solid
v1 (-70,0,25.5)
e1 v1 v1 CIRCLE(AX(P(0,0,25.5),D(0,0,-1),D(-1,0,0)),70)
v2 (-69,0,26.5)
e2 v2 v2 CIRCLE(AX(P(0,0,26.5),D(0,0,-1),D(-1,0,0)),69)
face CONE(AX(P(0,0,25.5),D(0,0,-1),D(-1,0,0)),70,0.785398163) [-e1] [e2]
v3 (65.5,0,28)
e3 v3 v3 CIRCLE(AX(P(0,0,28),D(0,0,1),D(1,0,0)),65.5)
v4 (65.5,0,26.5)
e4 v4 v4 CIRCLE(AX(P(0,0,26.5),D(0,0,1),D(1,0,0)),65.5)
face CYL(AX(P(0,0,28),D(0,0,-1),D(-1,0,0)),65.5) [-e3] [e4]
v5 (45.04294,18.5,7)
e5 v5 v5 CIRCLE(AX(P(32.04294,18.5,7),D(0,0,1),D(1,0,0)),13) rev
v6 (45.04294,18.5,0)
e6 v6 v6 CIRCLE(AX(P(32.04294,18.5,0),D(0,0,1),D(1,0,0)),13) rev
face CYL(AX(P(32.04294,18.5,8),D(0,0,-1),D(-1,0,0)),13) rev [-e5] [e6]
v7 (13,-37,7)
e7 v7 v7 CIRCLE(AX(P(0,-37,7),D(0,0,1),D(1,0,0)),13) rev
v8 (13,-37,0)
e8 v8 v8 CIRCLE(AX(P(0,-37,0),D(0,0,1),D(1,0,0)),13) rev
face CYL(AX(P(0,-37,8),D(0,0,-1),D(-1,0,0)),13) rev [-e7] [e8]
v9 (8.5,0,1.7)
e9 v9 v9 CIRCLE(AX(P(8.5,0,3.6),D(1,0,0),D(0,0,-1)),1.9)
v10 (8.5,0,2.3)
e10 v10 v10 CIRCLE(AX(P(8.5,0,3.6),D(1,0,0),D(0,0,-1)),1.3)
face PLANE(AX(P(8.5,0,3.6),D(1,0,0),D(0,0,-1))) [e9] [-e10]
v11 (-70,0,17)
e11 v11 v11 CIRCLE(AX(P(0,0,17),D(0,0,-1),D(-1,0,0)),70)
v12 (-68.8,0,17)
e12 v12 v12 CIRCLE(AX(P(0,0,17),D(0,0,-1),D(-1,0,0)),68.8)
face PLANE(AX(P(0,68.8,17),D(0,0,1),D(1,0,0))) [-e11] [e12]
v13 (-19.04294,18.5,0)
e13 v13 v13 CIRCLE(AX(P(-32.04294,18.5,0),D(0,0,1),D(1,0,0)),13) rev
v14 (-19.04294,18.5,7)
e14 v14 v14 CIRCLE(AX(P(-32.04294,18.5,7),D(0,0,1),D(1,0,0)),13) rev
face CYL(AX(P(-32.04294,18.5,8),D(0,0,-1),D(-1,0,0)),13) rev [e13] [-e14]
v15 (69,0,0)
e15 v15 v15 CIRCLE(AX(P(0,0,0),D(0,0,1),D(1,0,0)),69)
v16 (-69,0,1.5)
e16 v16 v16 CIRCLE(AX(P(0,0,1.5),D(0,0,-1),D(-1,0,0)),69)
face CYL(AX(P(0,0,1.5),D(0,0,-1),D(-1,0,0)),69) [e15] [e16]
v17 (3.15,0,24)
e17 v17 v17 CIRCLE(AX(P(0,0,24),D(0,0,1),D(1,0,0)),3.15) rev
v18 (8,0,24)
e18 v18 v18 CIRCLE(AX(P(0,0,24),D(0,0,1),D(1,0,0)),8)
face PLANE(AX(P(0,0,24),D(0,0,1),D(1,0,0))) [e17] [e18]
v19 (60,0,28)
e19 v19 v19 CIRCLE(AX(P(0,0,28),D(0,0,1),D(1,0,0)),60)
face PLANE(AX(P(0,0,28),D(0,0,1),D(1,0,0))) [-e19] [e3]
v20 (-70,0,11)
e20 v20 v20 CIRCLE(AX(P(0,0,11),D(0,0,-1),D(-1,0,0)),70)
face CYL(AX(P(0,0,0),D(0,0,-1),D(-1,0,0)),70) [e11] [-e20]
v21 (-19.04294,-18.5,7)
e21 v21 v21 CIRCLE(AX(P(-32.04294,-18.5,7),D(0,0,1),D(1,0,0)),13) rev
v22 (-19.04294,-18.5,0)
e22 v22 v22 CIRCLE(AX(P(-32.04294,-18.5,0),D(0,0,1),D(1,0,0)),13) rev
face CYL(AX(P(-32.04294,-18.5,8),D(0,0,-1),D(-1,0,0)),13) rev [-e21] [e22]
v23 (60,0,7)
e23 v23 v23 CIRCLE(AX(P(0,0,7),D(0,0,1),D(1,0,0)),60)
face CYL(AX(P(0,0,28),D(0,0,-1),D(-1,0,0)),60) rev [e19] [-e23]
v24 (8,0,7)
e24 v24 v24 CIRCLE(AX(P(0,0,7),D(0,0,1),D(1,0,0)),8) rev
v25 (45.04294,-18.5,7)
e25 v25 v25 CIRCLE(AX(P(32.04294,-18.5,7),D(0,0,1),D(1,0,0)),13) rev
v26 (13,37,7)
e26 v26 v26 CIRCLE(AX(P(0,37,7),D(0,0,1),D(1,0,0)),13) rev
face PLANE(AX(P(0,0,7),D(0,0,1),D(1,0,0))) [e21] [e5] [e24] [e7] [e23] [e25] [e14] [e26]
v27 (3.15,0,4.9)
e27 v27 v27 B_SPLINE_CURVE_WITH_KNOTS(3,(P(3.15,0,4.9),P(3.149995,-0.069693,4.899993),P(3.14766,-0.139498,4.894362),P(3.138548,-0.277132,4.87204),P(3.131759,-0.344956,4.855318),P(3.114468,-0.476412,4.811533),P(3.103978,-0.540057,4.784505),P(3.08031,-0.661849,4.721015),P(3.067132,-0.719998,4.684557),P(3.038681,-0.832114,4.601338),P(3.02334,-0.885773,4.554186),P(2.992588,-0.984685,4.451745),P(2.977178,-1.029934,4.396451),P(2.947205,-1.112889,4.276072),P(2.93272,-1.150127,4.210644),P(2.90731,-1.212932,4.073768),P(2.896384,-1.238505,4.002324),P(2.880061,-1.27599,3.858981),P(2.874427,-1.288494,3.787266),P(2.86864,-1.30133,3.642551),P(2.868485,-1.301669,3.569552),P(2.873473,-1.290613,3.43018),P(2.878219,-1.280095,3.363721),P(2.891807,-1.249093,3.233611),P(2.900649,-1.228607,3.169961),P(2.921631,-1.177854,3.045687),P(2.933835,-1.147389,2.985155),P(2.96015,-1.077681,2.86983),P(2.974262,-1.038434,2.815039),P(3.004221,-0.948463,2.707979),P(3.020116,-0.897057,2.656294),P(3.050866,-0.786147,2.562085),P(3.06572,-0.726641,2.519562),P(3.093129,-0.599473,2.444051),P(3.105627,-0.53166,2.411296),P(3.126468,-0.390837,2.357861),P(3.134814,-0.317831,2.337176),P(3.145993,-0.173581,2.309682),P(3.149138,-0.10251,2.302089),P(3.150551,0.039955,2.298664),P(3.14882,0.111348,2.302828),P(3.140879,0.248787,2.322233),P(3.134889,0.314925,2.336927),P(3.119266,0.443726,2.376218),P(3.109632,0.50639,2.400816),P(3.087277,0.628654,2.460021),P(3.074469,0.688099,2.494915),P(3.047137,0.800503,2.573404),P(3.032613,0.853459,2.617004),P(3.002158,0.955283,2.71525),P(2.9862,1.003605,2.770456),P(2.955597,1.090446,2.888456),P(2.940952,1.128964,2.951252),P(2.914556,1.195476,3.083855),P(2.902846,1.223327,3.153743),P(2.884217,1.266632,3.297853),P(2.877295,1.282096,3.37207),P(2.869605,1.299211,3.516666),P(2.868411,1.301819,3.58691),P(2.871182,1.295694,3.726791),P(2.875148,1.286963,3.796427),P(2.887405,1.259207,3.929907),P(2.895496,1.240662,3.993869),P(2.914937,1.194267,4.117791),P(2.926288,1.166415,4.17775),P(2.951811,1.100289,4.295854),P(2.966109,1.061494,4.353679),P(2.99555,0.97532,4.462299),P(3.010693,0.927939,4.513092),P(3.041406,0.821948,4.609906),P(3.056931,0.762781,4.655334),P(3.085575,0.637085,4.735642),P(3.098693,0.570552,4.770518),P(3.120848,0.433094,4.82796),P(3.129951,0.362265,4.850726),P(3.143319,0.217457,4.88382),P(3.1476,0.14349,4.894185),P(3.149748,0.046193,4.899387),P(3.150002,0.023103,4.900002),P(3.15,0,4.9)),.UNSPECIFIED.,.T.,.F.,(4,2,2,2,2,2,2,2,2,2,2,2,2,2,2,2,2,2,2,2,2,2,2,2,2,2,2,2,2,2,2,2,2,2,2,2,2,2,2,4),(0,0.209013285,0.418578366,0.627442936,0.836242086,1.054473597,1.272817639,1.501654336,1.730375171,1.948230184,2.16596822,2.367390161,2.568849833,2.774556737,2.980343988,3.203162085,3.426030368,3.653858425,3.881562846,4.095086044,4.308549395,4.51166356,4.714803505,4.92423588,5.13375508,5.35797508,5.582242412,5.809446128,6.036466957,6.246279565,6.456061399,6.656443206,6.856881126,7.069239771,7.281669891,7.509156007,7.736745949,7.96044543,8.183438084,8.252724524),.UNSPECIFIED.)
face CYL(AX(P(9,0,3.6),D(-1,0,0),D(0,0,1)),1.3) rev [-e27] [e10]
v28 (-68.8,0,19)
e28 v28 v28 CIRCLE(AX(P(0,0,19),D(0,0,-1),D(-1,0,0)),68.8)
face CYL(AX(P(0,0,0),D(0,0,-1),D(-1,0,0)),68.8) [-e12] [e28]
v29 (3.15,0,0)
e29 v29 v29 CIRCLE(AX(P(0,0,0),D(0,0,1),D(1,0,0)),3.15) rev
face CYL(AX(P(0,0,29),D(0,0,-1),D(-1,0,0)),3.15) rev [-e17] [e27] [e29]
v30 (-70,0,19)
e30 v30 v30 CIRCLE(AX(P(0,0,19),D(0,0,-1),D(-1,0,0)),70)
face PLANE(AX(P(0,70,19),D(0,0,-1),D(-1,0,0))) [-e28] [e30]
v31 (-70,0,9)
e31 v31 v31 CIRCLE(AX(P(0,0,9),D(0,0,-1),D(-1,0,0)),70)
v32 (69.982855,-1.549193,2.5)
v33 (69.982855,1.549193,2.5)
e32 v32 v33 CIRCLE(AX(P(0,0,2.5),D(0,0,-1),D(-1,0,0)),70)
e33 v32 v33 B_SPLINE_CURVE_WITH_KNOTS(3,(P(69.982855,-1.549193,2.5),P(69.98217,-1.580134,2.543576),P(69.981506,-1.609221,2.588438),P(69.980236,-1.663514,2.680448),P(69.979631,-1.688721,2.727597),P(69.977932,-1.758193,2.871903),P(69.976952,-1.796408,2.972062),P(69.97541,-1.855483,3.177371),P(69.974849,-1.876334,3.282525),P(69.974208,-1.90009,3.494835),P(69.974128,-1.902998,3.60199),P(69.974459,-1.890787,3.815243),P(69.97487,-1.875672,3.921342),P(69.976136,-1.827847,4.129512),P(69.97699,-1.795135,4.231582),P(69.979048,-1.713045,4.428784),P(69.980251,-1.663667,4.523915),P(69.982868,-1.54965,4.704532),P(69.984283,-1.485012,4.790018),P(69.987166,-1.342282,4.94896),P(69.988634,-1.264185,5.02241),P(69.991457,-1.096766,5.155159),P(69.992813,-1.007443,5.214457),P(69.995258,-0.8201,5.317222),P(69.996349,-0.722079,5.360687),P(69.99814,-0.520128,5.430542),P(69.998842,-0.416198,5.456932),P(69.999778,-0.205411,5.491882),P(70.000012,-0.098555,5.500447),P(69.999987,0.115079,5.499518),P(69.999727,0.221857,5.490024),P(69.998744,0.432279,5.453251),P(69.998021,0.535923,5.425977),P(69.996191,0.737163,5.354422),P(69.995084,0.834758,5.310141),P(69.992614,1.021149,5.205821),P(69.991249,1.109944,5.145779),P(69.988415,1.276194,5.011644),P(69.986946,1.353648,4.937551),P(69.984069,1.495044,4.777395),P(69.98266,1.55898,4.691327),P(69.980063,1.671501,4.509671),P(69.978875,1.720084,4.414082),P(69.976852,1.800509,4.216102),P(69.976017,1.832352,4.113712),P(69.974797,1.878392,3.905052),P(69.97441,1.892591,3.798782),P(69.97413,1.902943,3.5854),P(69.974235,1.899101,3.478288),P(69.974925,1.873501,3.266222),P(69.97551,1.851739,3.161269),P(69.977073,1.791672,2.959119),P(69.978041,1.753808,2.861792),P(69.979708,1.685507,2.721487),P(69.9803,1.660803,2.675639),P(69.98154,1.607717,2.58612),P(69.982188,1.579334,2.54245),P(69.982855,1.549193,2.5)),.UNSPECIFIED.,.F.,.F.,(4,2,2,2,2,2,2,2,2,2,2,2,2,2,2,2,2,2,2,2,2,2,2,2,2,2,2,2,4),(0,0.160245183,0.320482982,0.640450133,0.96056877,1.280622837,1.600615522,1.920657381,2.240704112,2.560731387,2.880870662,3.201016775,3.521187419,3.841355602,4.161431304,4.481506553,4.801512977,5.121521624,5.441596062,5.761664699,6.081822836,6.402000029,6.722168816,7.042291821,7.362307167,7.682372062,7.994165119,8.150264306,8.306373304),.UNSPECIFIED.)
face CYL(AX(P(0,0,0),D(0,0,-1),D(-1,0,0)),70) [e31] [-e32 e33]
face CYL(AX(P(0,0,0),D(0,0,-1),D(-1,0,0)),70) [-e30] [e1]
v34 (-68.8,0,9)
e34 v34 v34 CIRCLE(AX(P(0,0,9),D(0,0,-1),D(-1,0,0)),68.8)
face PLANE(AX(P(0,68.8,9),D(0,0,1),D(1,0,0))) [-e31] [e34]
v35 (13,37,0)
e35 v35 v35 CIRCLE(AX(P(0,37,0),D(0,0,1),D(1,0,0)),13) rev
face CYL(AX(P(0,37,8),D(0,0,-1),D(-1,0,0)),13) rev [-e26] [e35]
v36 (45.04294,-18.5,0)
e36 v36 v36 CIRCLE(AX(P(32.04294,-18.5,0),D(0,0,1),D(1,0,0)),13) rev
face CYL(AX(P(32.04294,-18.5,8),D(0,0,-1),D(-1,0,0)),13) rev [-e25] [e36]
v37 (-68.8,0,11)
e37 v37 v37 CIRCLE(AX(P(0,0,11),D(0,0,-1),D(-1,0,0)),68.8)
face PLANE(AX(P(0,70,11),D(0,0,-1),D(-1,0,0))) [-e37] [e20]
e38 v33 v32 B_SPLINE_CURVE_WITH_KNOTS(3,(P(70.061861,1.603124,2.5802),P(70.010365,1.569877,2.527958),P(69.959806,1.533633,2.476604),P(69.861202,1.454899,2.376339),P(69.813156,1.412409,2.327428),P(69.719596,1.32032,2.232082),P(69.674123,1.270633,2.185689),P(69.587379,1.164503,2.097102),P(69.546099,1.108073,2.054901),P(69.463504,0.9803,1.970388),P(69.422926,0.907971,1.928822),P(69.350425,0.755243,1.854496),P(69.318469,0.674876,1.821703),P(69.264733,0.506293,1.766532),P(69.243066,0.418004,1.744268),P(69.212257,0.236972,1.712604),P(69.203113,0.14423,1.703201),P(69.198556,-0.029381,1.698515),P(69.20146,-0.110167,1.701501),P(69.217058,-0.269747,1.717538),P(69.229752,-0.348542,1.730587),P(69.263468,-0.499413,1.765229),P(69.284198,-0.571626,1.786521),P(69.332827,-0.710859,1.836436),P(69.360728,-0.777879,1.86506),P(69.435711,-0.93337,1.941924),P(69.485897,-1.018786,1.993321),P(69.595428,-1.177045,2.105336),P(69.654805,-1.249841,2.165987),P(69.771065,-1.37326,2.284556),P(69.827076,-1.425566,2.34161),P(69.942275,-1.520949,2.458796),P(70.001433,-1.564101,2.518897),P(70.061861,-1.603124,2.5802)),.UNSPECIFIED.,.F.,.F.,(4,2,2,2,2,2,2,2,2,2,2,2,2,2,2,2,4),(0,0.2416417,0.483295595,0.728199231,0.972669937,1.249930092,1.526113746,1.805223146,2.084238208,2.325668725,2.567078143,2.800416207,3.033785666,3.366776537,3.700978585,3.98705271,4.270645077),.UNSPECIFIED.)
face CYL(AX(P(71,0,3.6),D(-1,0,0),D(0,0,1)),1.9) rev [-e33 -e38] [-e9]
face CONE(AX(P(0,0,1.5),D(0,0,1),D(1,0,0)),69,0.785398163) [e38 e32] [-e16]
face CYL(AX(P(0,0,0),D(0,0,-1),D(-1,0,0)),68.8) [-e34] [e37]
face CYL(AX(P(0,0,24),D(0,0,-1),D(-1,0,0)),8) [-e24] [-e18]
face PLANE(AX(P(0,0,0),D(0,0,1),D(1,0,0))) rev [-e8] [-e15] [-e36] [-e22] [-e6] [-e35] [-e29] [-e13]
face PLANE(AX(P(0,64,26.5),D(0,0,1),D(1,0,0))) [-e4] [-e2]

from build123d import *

# Parameters (mm, degrees)
SKETCH1_R              = 64
SKETCH1_R_2            = 60
RIM_DEPTH              = 28
SKETCH2_R              = 65.5
SKETCH2_R_2            = 63
INNER_BEAD_LIP_DEPTH   = 1.5
SKETCH3_R              = 65.5
SKETCH3_R_2            = 63
OUTER_BEAD_LIP_DEPTH   = 1.5
SKETCH4_R              = 61
WEB_DEPTH              = 7
SKETCH5_R              = 8
HUB_BOSS_DEPTH         = 24
SKETCH6_R              = 13
LIGHTENING_HOLES_DEPTH = 9
SKETCH7_R              = 3.15
ROUND_BORE_6MM_DEPTH   = 30
SKETCH9_R              = 69
SKETCH9_R_2            = 64
BED_RING_DEPTH         = 1.5
SKETCH10_R             = 1.3
GRUB_SCREW_M3_DEPTH    = 9
SKETCH11_R             = 1.9
GRUB_KEY_ACCESS_DEPTH  = 62.5


with BuildPart() as part:
    # Sketch1 → Rim (new body)
    with BuildSketch(Plane.XY):
        Circle(SKETCH1_R)
        Circle(SKETCH1_R_2, mode=Mode.SUBTRACT)
    extrude(amount=RIM_DEPTH)

    # Sketch2 → Inner_bead_lip (add)
    with BuildSketch(Plane.XY):
        Circle(SKETCH2_R)
        Circle(SKETCH2_R_2, mode=Mode.SUBTRACT)
    extrude(amount=INNER_BEAD_LIP_DEPTH)

    # Sketch3 → Outer_bead_lip (add)
    with BuildSketch(Plane.XY.offset(26.5)):
        Circle(SKETCH3_R)
        Circle(SKETCH3_R_2, mode=Mode.SUBTRACT)
    extrude(amount=OUTER_BEAD_LIP_DEPTH)

    # Sketch4 → Web (add)
    with BuildSketch(Plane.XY):
        Circle(SKETCH4_R)
    extrude(amount=WEB_DEPTH)

    # Sketch5 → Hub_boss (add)
    with BuildSketch(Plane.XY):
        Circle(SKETCH5_R)
    extrude(amount=HUB_BOSS_DEPTH)

    # Sketch6 → Lightening_holes (cut)
    with BuildSketch(Plane.XY.offset(-1)):
        with Locations((32.04293994, 18.5)):
            Circle(SKETCH6_R)
        with Locations((0, 37)):
            Circle(SKETCH6_R)
        with Locations((-32.04293994, 18.5)):
            Circle(SKETCH6_R)
        with Locations((-32.04293994, -18.5)):
            Circle(SKETCH6_R)
        with Locations((0, -37)):
            Circle(SKETCH6_R)
        with Locations((32.04293994, -18.5)):
            Circle(SKETCH6_R)
    extrude(amount=LIGHTENING_HOLES_DEPTH, mode=Mode.SUBTRACT)

    # Sketch7 → Round_bore_6mm (cut)
    with BuildSketch(Plane.XY.offset(-1)):
        Circle(SKETCH7_R)
    extrude(amount=ROUND_BORE_6MM_DEPTH, mode=Mode.SUBTRACT)

    # Sketch8 → Tyre (revolve)
    with BuildSketch(Plane(origin=(0, 0, 0), x_dir=(0, 0, -1), z_dir=(1, 0, 0)), mode=Mode.PRIVATE) as tyre_sk:
        Polygon((-1.5, 64), (-26.5, 64), (-26.5, 69), (-25.5, 70), (-19, 70), (-19, 68.8), (-17, 68.8), (-17, 70), (-11, 70), (-11, 68.8), (-9, 68.8), (-9, 70), (-2.5, 70), (-1.5, 69), align=None)
    revolve(tyre_sk.sketch.rotate(Axis((0, 0, 0), (0, 0, 1)), 90), axis=Axis((0, 0, 0), (0, 0, 1)))

    # Sketch9 → Bed_ring (add)
    with BuildSketch(Plane.XY):
        with Locations(Location((0, 0, 0), (0, 0, 180))):
            Circle(SKETCH9_R)
        Circle(SKETCH9_R_2, mode=Mode.SUBTRACT)
    extrude(amount=BED_RING_DEPTH)

    # Sketch10 → Grub_screw_M3 (cut)
    with BuildSketch(Plane(origin=(0, 0, 0), x_dir=(0, 0, -1), z_dir=(1, 0, 0))):
        with Locations((-3.6, 0)):
            Circle(SKETCH10_R)
    extrude(amount=GRUB_SCREW_M3_DEPTH, mode=Mode.SUBTRACT)

    # Sketch11 → Grub_key_access (cut)
    with BuildSketch(Plane(origin=(8.5, 0, 0), x_dir=(0, 0, -1), z_dir=(1, 0, 0))):
        with Locations(Location((-3.6, 0, 0), (0, 0, 54.623459848))):
            Circle(SKETCH11_R)
    extrude(amount=GRUB_KEY_ACCESS_DEPTH, mode=Mode.SUBTRACT)


solid = part.part
